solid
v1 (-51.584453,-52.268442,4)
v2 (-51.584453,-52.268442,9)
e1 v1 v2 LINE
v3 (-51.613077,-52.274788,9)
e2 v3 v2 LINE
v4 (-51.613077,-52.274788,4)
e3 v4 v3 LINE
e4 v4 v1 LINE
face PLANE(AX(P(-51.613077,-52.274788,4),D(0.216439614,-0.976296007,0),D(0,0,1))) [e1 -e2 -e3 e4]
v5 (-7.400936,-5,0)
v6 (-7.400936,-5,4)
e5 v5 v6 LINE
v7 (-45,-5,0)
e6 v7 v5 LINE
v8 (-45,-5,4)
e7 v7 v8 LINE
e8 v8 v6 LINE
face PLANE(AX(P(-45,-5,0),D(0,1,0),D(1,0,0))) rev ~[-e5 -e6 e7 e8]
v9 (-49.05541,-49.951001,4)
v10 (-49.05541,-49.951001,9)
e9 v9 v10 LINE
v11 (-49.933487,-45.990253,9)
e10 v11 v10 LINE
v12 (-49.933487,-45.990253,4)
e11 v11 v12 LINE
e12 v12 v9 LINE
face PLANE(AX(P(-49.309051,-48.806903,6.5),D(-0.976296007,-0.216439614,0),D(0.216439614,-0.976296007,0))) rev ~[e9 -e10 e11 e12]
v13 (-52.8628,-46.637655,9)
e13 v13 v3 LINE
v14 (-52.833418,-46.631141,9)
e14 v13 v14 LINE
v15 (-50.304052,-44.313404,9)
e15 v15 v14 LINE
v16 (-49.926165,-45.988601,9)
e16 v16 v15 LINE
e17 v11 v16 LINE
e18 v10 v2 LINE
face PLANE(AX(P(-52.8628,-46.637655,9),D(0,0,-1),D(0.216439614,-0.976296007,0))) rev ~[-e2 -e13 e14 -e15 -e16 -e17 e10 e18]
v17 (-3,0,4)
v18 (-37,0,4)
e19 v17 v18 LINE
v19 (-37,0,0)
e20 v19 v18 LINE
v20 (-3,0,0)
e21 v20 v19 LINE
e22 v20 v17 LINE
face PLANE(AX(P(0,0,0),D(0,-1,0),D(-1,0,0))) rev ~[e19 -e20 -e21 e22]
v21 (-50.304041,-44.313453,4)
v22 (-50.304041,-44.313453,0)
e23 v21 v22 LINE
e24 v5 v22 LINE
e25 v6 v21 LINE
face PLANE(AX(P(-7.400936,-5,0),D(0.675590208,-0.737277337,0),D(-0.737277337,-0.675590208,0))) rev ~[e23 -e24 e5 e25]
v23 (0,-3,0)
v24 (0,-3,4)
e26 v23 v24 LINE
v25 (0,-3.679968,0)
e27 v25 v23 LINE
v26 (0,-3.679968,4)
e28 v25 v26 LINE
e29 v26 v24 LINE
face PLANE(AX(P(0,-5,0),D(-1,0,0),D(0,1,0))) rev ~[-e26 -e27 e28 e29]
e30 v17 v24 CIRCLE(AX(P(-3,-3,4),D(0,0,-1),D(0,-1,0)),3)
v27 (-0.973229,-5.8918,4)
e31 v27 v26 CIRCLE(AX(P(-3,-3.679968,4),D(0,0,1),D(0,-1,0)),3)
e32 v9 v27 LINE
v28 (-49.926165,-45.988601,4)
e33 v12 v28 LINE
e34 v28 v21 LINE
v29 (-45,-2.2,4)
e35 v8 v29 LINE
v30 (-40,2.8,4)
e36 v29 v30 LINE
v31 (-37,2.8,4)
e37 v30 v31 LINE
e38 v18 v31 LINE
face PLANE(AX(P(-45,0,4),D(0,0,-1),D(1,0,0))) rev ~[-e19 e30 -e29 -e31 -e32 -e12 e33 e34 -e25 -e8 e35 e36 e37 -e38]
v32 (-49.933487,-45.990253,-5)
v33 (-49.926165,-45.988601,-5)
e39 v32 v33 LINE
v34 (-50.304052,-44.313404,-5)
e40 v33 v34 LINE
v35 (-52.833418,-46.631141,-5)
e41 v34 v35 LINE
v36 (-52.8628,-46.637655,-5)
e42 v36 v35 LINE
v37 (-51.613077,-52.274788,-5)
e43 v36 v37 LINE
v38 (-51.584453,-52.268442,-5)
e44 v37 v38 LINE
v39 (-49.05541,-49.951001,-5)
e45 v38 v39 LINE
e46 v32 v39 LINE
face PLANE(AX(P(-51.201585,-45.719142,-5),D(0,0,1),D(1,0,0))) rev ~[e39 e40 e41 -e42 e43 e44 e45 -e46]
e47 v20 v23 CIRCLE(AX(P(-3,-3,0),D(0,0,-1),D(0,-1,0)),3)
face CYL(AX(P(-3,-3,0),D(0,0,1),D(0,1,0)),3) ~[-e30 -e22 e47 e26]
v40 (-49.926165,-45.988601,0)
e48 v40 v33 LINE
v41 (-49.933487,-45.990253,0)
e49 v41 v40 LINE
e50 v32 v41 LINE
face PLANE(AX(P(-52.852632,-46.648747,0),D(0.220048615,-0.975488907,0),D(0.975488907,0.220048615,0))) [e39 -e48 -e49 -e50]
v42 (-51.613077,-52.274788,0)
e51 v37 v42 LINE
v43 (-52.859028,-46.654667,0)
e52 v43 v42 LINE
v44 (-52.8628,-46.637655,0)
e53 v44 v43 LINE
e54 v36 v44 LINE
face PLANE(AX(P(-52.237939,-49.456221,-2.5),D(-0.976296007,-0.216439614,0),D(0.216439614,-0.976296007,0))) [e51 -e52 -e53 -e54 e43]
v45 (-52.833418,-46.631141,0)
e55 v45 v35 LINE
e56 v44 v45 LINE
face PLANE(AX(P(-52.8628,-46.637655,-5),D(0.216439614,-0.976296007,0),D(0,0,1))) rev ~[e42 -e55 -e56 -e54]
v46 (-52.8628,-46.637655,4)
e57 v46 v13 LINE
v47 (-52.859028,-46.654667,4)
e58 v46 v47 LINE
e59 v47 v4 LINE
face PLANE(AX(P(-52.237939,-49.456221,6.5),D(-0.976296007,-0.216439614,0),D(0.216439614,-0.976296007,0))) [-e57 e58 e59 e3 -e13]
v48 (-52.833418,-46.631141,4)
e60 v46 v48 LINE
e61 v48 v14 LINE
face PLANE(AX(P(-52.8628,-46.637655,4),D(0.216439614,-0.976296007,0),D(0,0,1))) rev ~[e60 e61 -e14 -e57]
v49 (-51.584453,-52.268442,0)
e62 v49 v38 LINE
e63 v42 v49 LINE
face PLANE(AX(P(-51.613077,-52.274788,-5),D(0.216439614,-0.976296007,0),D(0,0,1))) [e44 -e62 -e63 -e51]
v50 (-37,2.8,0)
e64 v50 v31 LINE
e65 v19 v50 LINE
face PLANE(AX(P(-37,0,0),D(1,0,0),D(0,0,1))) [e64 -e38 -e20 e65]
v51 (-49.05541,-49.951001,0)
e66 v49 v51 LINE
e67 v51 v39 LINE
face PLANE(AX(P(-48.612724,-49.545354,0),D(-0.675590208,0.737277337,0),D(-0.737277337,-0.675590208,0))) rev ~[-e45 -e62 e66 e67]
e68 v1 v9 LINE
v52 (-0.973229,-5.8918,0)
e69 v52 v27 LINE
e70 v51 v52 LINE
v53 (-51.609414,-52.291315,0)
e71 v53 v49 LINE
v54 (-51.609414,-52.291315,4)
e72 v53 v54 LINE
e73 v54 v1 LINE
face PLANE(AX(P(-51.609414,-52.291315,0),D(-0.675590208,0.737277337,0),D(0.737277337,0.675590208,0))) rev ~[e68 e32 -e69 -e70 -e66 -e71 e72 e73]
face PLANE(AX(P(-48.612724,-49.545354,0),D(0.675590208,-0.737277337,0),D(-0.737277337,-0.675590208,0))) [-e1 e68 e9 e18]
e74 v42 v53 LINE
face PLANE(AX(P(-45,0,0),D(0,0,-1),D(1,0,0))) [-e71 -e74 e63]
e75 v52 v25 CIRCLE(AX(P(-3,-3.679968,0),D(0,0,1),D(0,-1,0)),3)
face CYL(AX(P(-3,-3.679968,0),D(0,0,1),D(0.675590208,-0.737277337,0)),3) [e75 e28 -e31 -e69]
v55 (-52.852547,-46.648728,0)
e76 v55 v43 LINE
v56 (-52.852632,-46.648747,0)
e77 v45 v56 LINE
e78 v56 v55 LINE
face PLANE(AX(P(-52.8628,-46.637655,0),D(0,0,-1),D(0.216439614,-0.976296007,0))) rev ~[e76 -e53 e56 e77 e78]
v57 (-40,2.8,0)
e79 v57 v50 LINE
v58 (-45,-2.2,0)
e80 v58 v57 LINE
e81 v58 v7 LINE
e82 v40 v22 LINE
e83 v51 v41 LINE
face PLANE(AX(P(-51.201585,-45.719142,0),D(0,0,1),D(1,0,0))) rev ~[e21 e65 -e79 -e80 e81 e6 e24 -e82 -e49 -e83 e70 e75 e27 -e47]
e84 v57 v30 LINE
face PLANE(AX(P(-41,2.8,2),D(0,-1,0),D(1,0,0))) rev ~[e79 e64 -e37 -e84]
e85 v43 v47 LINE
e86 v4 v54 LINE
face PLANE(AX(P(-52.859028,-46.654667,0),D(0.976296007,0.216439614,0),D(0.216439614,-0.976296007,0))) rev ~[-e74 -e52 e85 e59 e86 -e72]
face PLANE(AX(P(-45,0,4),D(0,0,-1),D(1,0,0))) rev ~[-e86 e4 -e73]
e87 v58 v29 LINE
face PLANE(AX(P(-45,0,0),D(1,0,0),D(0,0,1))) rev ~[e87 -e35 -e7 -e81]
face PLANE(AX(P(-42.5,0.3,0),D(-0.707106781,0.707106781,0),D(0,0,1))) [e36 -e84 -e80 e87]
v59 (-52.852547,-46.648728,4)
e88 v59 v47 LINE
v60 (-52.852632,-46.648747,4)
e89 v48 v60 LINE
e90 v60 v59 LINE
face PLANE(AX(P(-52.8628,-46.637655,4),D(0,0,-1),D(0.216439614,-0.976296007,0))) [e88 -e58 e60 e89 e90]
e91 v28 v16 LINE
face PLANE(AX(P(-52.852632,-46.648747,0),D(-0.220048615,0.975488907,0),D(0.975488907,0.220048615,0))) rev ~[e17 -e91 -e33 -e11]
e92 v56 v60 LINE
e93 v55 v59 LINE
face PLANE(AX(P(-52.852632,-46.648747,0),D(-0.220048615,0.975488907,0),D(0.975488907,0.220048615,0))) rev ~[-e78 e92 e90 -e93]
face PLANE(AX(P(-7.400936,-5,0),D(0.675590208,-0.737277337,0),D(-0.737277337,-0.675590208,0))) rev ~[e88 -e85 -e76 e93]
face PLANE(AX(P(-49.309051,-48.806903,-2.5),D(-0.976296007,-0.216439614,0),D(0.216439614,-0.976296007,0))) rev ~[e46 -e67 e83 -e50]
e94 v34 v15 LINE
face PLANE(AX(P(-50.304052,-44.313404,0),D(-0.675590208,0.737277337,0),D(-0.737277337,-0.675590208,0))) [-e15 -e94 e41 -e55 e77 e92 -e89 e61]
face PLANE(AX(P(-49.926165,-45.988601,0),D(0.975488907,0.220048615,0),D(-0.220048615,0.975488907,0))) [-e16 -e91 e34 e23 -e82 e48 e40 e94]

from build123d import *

# Parameters (mm, degrees)
F0_W           = 5
F0_H           = 5
F1_DEPTH       = 4
F2_R           = 3
F3_W           = 8
F3_H           = 4
F4_DEPTH       = 2.8
F5_SIZE        = 5
F7_W           = 5.774
F7_H           = 5
F8_DEPTH       = 3
F10_DEPTH      = 25
F10_DEPTH_BACK = 25
F11_DEPTH      = 9
F11_DEPTH_BACK = 5


with BuildPart() as f1:
    # F0 (on Top) → F1 (new body)
    with BuildSketch(Plane.XY):
        Polygon((0, 0), (-40, 0), (-40, -5), (-7.4009361646, -5), (0, -5), align=None)
        Polygon((-51.6094135767, -52.2913145331), (0, -5), (-7.4009361646, -5), (-52.8590282704, -46.6546669079), align=None)
        with Locations((-42.5, -2.5)):
            Rectangle(F0_W, F0_H)
    extrude(amount=F1_DEPTH)

    # F2
    f2_edges = [f1.edges().sort_by_distance(p)[0] for p in [
        (0, 0, 2),
        (0, -5, 2),
    ]]
    fillet(f2_edges, radius=F2_R)

    # F3 (on Front) → F4 (join)
    with BuildSketch(Plane.XZ):
        with Locations((-41, 2)):
            Rectangle(F3_W, F3_H)
    extrude(amount=-F4_DEPTH)

    # F5
    f5_edges = [f1.edges().sort_by_distance(p)[0] for p in [
        (-45, 2.8, 2),
    ]]
    chamfer(f5_edges, length=F5_SIZE)

    # F7 (on offset) → F8 (join)
    with BuildSketch(Plane(origin=(-60.2413457189, -13.3551848163, 0), x_dir=(0.2164396139, -0.9762960071, 0), z_dir=(-0.9762960071, -0.2164396139, 0))):
        with Locations((36.9775523019, 6.5)):
            Rectangle(F7_W, F7_H)
        with Locations((36.9775523019, -2.5)):
            Rectangle(F7_W, F7_H)
    extrude(amount=-F8_DEPTH)

    # F9 (on Top) → F10 (cut, two sides)
    with BuildSketch(Plane.XY) as f10_sk:
        Polygon((-48.0777584016, -51.715362817), (-48.6127237734, -49.5453542475), (-51.6094135767, -52.2913145331), align=None)
    extrude(amount=F10_DEPTH, mode=Mode.SUBTRACT)
    extrude(f10_sk.sketch, amount=-F10_DEPTH_BACK, mode=Mode.SUBTRACT)

    # F9 (on Top) → F11 (join, two sides)
    with BuildSketch(Plane.XY) as f11_sk:
        Polygon((-49.9261649251, -45.9886011426), (-50.3040521353, -44.313404132), (-52.8526316454, -46.6487469866), align=None)
    extrude(amount=F11_DEPTH)
    extrude(f11_sk.sketch, amount=-F11_DEPTH_BACK)


solid = f1.part
